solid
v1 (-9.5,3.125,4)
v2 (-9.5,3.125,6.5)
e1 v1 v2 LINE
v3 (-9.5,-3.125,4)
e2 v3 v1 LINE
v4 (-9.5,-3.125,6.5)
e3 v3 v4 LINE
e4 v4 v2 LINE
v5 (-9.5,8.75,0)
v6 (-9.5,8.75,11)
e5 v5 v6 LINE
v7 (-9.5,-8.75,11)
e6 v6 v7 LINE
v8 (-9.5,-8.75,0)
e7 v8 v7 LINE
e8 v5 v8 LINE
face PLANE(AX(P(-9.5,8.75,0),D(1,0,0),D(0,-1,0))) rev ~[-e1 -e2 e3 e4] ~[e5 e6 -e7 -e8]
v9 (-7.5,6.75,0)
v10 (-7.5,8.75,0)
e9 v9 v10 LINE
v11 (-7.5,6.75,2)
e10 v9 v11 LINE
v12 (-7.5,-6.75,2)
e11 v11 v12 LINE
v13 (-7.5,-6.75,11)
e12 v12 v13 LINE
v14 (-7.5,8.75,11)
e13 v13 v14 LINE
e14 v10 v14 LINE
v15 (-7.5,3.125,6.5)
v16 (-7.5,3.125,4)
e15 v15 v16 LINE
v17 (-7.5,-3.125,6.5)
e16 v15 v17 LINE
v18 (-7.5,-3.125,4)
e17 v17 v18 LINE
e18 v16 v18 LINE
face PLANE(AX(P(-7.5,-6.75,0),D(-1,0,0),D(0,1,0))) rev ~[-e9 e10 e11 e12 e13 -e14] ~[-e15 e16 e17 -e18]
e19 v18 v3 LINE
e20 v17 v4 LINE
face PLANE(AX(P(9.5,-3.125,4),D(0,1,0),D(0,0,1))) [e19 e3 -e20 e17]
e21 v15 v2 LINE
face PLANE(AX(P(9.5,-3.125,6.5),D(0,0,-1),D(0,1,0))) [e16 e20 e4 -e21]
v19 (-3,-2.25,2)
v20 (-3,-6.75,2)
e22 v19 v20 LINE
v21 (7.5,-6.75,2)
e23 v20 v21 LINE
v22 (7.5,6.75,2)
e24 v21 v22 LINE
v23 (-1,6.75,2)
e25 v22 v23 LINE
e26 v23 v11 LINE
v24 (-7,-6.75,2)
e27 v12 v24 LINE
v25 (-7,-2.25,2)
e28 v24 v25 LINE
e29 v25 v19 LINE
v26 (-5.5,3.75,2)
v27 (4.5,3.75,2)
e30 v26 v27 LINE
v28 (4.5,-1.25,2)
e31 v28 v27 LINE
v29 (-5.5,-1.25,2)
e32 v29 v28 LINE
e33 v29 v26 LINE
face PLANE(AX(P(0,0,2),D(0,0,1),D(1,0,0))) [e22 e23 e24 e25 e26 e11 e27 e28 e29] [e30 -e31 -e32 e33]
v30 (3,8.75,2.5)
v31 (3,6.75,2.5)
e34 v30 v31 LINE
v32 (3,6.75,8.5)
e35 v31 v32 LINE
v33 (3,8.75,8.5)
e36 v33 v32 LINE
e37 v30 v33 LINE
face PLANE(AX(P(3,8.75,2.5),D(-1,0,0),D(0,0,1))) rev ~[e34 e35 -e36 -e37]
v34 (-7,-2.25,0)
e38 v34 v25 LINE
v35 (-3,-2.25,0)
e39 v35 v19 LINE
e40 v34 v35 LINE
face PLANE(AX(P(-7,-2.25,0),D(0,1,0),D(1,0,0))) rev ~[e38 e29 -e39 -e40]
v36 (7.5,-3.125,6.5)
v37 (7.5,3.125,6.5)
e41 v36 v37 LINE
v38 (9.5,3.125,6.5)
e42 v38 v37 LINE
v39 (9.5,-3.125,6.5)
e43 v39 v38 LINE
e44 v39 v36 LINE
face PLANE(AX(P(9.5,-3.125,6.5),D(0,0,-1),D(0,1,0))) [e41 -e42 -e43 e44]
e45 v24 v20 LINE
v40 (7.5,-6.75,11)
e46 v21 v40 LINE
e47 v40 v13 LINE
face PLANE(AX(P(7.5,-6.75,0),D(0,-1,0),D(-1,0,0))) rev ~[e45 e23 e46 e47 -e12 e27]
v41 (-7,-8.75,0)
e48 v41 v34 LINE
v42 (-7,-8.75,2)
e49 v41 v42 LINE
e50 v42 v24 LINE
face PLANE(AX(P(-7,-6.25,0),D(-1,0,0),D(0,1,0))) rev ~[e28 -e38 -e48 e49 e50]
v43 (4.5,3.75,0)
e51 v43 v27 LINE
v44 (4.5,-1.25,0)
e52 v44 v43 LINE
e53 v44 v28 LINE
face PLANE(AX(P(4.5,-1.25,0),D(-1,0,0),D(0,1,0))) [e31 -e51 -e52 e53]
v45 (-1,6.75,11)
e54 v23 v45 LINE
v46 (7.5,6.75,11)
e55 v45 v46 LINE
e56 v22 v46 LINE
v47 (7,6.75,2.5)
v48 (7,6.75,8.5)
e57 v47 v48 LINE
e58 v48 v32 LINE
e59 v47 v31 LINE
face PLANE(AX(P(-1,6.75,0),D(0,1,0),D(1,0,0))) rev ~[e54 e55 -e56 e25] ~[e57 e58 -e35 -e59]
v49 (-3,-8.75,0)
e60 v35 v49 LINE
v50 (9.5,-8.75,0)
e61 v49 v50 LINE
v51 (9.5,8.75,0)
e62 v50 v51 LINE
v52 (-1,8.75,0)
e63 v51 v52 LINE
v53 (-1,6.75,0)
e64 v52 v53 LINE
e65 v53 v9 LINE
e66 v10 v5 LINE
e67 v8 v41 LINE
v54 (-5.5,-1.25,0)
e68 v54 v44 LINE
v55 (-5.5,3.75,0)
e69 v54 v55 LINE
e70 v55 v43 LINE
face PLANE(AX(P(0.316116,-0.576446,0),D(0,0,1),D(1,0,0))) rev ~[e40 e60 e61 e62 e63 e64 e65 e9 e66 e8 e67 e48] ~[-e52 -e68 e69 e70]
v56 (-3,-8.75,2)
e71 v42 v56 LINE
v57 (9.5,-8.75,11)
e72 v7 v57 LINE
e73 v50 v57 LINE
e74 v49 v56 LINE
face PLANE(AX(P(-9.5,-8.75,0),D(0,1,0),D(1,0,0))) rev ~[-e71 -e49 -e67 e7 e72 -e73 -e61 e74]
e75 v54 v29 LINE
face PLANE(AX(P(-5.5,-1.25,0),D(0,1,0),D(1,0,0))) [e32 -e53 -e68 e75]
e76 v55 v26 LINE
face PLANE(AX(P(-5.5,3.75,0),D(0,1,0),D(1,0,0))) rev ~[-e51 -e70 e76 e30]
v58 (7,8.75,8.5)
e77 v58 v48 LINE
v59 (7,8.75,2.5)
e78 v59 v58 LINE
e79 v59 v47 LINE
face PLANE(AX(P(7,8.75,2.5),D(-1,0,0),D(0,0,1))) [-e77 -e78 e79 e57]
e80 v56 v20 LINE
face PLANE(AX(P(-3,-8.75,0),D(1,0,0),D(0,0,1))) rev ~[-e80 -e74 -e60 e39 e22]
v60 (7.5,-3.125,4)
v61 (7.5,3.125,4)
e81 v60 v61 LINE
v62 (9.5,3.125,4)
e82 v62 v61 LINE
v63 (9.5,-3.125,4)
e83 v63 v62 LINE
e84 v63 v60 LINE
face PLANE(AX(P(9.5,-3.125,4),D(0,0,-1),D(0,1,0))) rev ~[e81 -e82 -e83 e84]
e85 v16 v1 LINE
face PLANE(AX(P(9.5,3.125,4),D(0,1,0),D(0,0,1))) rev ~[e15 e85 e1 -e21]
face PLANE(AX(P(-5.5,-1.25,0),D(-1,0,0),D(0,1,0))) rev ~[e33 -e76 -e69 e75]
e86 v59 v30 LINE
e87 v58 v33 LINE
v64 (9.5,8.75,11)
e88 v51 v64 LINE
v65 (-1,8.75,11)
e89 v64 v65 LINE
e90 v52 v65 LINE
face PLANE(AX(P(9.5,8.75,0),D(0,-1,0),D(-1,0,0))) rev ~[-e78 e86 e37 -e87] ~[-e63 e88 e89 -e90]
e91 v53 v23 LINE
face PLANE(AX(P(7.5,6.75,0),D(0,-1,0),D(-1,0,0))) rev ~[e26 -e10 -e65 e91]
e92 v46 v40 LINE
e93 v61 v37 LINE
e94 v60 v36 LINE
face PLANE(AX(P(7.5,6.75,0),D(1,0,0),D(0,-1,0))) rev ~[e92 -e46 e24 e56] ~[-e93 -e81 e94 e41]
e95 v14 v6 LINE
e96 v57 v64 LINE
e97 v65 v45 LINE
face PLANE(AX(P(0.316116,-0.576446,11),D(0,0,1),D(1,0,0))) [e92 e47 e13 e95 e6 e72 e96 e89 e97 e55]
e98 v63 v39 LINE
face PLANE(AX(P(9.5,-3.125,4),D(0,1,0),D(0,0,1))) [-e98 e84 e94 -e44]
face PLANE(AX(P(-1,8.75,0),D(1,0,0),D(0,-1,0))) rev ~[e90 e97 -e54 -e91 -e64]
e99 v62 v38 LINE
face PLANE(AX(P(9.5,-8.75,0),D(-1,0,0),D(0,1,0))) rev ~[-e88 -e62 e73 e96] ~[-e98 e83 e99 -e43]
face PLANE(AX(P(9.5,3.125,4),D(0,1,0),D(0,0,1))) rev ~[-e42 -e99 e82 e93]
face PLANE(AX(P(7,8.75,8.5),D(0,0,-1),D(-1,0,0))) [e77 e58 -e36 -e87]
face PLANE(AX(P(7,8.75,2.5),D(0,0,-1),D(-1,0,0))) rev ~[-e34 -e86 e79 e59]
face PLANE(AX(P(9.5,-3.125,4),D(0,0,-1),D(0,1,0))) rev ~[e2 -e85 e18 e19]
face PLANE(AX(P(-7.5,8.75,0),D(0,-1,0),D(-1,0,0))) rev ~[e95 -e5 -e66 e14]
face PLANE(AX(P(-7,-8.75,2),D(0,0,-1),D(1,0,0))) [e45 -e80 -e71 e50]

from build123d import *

# Parameters (mm, degrees)
F0_W     = 4
F0_H     = 4
F0_W_2   = 10
F0_H_2   = 5
F1_DEPTH = 2
F2_DEPTH = 11
F3_W     = 4
F3_H     = 6
F4_DEPTH = 2.9
F5_W     = 6.25
F5_H     = 2.5
F6_DEPTH = 20
F7_W     = 4
F7_H     = 2
F8_DEPTH = 2.8


with BuildPart() as f1:
    # F0 (on Top) → F1 (new body)
    with BuildSketch(Plane.XY):
        Polygon((-7.5, -6.75), (7.5, -6.75), (7.5, 6.75), (-1, 6.75), (-7.5, 6.75), align=None)
        with Locations((-5, -4.25)):
            Rectangle(F0_W, F0_H, mode=Mode.SUBTRACT)
        with Locations((-0.5, 1.25)):
            Rectangle(F0_W_2, F0_H_2, mode=Mode.SUBTRACT)
    extrude(amount=F1_DEPTH)

    # F0 (on Top) → F2 (join)
    with BuildSketch(Plane.XY):
        Polygon((7.5, 6.75), (7.5, -6.75), (-7.5, -6.75), (-7.5, 6.75), (-7.5, 8.75), (-9.5, 8.75), (-9.5, -8.75), (9.5, -8.75), (9.5, 8.75), (-1, 8.75), (-1, 6.75), align=None)
    extrude(amount=F2_DEPTH)

    # F3 (on face) → F4 (cut)
    with BuildSketch(Plane(origin=(0, 8.75, 0), x_dir=(-1, 0, 0), z_dir=(0, 1, 0))):
        with Locations((-5, 5.5)):
            Rectangle(F3_W, F3_H)
    extrude(amount=-F4_DEPTH, mode=Mode.SUBTRACT)

    # F5 (on face) → F6 (cut)
    with BuildSketch(Plane.YZ.offset(9.5)):
        with Locations((0, 5.25)):
            Rectangle(F5_W, F5_H)
    extrude(amount=-F6_DEPTH, mode=Mode.SUBTRACT)

    # F7 (on face) → F8 (cut)
    with BuildSketch(Plane.XZ.offset(8.75)):
        with Locations((-5, 1)):
            Rectangle(F7_W, F7_H)
    extrude(amount=-F8_DEPTH, mode=Mode.SUBTRACT)


solid = f1.part
